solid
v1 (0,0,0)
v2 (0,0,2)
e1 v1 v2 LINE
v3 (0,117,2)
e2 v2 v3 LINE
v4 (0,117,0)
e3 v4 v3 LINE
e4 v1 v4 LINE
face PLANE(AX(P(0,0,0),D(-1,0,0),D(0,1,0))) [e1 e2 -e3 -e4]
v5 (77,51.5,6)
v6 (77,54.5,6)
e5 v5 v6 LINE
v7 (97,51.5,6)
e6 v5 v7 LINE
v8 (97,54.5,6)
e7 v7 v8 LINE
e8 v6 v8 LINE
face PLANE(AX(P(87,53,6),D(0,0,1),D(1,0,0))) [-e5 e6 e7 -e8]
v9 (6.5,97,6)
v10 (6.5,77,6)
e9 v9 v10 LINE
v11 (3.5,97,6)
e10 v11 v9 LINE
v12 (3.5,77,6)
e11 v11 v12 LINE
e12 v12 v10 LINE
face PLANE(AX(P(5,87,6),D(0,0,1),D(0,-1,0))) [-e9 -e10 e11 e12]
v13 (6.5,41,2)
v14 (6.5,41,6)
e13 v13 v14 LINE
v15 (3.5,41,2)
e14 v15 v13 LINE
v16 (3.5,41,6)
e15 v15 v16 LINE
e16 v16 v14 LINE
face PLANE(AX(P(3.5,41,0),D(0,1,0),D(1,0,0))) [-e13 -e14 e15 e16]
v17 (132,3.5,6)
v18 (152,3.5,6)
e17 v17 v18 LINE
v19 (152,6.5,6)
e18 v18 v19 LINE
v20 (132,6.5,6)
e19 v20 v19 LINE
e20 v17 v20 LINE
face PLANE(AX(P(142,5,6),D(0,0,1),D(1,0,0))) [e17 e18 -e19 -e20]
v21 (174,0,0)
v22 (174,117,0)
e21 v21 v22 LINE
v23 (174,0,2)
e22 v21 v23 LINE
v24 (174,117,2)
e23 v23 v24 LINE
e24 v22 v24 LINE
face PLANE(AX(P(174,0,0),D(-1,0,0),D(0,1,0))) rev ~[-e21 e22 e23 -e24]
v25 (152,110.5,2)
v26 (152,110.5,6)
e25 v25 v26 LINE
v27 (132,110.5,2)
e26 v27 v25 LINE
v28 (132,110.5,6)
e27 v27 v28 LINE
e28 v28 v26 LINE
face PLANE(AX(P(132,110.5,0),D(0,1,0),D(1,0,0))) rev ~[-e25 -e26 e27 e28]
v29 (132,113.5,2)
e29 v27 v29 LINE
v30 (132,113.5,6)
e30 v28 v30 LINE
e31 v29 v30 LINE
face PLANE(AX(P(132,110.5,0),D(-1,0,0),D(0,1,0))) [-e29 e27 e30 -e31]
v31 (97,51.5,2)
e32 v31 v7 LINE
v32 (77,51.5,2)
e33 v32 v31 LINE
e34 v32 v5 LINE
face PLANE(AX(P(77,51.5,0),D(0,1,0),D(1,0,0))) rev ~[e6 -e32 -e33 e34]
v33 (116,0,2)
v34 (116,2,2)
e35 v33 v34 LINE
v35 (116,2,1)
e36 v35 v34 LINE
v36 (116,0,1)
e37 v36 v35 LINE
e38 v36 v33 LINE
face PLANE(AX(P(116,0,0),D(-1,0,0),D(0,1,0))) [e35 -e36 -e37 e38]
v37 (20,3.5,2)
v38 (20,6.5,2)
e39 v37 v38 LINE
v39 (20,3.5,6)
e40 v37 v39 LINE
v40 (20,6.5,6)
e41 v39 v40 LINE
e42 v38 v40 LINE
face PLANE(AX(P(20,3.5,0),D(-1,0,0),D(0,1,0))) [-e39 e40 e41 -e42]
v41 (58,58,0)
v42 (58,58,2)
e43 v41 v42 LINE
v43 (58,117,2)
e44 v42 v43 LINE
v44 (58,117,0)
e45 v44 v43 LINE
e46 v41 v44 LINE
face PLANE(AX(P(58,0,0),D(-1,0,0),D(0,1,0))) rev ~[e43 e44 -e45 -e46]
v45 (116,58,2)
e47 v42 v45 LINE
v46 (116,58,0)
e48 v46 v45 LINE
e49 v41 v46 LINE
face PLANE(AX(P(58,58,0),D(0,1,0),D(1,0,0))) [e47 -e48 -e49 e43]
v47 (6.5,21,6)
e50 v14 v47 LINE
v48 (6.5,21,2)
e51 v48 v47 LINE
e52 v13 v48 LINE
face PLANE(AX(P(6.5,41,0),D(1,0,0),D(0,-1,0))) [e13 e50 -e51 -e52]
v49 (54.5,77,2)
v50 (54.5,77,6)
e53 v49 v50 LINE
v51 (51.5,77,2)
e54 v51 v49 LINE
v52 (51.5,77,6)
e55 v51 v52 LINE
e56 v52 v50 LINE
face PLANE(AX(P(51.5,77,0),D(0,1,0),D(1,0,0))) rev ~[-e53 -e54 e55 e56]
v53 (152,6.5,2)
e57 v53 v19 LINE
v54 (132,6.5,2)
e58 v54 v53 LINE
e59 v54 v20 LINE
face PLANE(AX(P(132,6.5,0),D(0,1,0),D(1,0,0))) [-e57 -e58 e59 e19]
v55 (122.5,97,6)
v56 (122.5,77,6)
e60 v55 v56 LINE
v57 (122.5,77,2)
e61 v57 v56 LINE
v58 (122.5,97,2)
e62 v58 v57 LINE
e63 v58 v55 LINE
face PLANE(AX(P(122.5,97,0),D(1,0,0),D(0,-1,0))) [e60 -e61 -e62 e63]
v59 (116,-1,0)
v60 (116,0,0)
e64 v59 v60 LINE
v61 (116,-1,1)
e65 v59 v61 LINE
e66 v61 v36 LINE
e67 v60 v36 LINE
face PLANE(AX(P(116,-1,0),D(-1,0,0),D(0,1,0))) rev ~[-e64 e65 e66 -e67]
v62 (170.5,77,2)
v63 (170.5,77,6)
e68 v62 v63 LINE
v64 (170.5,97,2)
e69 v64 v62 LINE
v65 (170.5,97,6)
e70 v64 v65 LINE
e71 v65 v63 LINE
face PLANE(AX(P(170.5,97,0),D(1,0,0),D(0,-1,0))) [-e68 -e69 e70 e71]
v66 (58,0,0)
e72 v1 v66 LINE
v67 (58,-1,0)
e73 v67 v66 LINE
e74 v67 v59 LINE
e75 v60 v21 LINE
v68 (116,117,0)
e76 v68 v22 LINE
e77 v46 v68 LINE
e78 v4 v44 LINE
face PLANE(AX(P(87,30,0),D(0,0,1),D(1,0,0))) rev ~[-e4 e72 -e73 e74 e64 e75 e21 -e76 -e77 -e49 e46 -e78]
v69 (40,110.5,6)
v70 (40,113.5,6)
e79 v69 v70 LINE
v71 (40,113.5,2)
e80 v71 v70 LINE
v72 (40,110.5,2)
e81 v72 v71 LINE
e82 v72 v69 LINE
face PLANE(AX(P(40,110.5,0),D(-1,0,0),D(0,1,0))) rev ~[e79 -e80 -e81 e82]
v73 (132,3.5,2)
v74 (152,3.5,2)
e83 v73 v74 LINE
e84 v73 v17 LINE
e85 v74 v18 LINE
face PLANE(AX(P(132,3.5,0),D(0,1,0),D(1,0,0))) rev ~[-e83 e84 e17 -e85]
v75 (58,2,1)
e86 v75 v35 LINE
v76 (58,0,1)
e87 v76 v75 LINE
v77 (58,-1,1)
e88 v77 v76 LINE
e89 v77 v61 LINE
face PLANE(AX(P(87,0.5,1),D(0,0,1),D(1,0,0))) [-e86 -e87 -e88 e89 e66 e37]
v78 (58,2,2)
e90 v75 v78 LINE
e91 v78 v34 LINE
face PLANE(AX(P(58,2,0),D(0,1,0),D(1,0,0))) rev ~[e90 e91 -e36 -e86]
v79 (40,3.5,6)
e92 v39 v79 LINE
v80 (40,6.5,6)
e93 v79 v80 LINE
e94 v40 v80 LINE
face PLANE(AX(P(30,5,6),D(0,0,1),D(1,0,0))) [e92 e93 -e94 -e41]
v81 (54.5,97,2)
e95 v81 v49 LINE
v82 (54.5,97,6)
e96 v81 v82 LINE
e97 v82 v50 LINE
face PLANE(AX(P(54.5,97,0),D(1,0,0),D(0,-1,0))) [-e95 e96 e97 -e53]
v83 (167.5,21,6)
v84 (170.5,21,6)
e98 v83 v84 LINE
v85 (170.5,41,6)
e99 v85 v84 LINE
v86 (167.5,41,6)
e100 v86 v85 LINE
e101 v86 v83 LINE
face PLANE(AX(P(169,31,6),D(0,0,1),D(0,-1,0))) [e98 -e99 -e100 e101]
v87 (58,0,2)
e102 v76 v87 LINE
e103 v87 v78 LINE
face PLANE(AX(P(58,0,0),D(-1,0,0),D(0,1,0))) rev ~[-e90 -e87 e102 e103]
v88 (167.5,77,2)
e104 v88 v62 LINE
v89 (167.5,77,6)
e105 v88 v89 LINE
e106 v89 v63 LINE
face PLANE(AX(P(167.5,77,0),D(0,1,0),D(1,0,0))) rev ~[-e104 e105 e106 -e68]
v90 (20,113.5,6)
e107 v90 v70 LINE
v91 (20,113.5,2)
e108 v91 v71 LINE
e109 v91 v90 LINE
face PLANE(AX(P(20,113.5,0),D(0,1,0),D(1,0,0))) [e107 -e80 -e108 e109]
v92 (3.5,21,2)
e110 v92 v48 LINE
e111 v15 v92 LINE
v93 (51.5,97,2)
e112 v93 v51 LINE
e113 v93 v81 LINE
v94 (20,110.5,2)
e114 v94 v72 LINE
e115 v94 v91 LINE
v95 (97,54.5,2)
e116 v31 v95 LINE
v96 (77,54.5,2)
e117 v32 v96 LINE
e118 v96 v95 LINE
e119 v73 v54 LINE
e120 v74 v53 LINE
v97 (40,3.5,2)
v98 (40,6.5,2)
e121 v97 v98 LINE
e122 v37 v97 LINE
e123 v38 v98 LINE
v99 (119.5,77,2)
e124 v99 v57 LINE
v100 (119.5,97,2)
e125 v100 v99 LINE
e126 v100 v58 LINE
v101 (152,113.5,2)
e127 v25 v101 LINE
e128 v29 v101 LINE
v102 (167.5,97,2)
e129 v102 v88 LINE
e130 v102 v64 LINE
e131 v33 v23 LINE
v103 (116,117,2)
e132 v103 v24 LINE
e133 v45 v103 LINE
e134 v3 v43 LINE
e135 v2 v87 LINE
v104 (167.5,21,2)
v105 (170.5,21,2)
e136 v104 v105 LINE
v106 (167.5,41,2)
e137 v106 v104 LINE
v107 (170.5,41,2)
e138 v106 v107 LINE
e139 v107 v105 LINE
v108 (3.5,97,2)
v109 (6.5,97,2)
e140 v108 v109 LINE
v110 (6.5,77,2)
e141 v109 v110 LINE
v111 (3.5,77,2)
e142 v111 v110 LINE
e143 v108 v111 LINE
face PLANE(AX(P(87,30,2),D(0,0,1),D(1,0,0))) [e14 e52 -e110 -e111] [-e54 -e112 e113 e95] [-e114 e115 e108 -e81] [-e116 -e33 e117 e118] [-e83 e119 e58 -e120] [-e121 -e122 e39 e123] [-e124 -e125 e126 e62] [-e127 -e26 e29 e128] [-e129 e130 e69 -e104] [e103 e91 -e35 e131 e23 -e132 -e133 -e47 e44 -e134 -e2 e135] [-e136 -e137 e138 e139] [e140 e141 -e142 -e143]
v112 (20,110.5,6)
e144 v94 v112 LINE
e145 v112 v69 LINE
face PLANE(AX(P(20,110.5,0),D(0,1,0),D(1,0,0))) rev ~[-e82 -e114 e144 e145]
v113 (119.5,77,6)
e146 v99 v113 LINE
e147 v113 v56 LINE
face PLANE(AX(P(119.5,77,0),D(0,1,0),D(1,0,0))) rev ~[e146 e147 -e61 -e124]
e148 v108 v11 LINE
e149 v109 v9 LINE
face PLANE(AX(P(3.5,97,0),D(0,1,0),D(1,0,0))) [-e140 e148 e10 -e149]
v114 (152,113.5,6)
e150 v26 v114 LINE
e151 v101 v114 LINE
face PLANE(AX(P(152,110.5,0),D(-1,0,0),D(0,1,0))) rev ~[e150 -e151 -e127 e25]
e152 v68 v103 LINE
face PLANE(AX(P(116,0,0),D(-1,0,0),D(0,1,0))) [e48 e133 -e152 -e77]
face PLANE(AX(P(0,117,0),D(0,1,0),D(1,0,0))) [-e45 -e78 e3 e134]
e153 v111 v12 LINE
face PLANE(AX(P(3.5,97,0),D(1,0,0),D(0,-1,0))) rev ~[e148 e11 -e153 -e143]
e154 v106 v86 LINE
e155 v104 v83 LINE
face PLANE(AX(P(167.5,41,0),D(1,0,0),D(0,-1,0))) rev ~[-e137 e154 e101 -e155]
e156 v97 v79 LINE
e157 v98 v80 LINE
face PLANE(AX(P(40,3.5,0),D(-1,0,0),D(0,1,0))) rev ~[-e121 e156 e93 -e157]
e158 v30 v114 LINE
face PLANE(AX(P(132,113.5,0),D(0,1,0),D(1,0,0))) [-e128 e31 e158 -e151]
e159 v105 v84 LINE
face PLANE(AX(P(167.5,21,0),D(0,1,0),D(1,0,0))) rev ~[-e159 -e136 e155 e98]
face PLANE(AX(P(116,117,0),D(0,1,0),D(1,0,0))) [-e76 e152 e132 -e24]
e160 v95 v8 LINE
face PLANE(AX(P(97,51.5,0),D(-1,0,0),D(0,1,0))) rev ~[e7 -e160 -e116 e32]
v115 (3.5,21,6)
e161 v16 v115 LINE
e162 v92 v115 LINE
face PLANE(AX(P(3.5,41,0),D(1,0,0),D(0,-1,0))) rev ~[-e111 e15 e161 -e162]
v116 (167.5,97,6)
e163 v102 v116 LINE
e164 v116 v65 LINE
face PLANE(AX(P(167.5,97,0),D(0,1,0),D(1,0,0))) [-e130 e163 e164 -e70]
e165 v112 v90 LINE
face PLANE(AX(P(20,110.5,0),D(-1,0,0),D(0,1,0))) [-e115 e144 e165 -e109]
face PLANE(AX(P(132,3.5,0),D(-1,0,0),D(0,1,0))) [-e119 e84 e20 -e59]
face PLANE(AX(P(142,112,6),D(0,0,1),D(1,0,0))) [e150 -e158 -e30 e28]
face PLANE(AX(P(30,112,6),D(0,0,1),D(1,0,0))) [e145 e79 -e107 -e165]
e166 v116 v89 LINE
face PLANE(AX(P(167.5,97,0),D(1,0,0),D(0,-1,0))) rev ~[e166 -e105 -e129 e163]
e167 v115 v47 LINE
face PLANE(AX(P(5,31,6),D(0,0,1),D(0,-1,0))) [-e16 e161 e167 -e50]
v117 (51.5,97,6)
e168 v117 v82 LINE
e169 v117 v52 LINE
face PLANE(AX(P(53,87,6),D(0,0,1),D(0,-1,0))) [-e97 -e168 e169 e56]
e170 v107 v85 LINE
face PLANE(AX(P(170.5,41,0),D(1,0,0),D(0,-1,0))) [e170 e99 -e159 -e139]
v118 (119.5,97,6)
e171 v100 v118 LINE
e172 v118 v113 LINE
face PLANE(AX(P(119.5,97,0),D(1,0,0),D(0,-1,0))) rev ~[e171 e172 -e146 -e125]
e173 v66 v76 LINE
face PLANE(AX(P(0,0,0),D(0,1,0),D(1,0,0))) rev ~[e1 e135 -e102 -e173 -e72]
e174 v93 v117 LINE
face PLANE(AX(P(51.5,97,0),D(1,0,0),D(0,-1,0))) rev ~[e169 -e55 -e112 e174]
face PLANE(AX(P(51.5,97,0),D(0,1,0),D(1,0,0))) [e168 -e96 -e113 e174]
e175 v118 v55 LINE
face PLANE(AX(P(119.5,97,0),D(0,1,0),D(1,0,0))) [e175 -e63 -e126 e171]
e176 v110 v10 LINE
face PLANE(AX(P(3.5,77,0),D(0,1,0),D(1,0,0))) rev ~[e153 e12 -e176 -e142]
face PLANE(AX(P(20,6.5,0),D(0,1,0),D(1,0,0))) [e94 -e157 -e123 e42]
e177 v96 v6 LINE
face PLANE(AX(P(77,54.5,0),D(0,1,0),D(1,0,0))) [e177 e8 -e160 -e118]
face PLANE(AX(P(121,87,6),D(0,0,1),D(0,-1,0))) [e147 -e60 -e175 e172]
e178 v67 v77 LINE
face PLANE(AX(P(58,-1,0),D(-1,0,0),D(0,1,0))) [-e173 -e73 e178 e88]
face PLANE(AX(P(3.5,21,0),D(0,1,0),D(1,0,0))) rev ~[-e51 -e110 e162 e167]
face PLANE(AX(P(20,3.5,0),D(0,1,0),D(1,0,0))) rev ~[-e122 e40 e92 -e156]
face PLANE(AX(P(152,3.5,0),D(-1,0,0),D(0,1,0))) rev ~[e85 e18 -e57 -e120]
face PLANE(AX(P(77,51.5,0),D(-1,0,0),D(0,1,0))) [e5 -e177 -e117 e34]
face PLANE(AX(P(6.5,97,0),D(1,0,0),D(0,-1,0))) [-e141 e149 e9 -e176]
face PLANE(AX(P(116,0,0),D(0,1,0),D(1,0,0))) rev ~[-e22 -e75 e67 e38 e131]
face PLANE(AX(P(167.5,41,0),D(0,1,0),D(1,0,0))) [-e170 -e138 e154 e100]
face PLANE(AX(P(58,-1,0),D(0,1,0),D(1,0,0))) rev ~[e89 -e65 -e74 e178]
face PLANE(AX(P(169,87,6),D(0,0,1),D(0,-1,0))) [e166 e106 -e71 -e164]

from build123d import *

# Parameters (mm, degrees)
BOX013_W     = 20
BOX013_H     = 3
BOX013_DEPTH = 6
BOX012_W     = 20
BOX012_H     = 3
BOX012_DEPTH = 6
BOX011_W     = 20
BOX011_H     = 3
BOX011_DEPTH = 6
BOX010_W     = 20
BOX010_H     = 3
BOX010_DEPTH = 6
BOX009_W     = 20
BOX009_H     = 3
BOX009_DEPTH = 6
BOX008_W     = 20
BOX008_H     = 3
BOX008_DEPTH = 6
BOX007_W     = 20
BOX007_H     = 3
BOX007_DEPTH = 6
BOX006_W     = 20
BOX006_H     = 3
BOX006_DEPTH = 6
BOX005_W     = 20
BOX005_H     = 3
BOX005_DEPTH = 6
BOX004_W     = 20
BOX004_H     = 3
BOX004_DEPTH = 6
BOX003_W     = 20
BOX003_H     = 3
BOX003_DEPTH = 6
BOX002_W     = 58
BOX002_H     = 117
BOX002_DEPTH = 2
BOX001_W     = 58
BOX001_H     = 117
BOX001_DEPTH = 2
BOX_W        = 58
BOX_H        = 56
BOX_DEPTH    = 2
BOX014_W     = 58
BOX014_H     = 3
BOX014_DEPTH = 1


with BuildPart() as cube013:
    # Box013 → Box013 (new body)
    with BuildSketch(Plane(origin=(77, 51.5, 0), x_dir=(1, 0, 0), z_dir=(0, 0, 1))):
        with Locations((10, 1.5)):
            Rectangle(BOX013_W, BOX013_H)
    extrude(amount=BOX013_DEPTH)


with BuildPart() as cube012:
    # Box012 → Box012 (new body)
    with BuildSketch(Plane(origin=(3.5, 41, 0), x_dir=(0, -1, 0), z_dir=(0, 0, 1))):
        with Locations((10, 1.5)):
            Rectangle(BOX012_W, BOX012_H)
    extrude(amount=BOX012_DEPTH)


with BuildPart() as cube011:
    # Box011 → Box011 (new body)
    with BuildSketch(Plane(origin=(3.5, 97, 0), x_dir=(0, -1, 0), z_dir=(0, 0, 1))):
        with Locations((10, 1.5)):
            Rectangle(BOX011_W, BOX011_H)
    extrude(amount=BOX011_DEPTH)


with BuildPart() as cube010:
    # Box010 → Box010 (new body)
    with BuildSketch(Plane(origin=(51.5, 97, 0), x_dir=(0, -1, 0), z_dir=(0, 0, 1))):
        with Locations((10, 1.5)):
            Rectangle(BOX010_W, BOX010_H)
    extrude(amount=BOX010_DEPTH)


with BuildPart() as cube009:
    # Box009 → Box009 (new body)
    with BuildSketch(Plane(origin=(167.5, 97, 0), x_dir=(0, -1, 0), z_dir=(0, 0, 1))):
        with Locations((10, 1.5)):
            Rectangle(BOX009_W, BOX009_H)
    extrude(amount=BOX009_DEPTH)


with BuildPart() as cube008:
    # Box008 → Box008 (new body)
    with BuildSketch(Plane(origin=(167.5, 41, 0), x_dir=(0, -1, 0), z_dir=(0, 0, 1))):
        with Locations((10, 1.5)):
            Rectangle(BOX008_W, BOX008_H)
    extrude(amount=BOX008_DEPTH)


with BuildPart() as cube007:
    # Box007 → Box007 (new body)
    with BuildSketch(Plane(origin=(119.5, 97, 0), x_dir=(0, -1, 0), z_dir=(0, 0, 1))):
        with Locations((10, 1.5)):
            Rectangle(BOX007_W, BOX007_H)
    extrude(amount=BOX007_DEPTH)


with BuildPart() as cube006:
    # Box006 → Box006 (new body)
    with BuildSketch(Plane(origin=(132, 110.5, 0), x_dir=(1, 0, 0), z_dir=(0, 0, 1))):
        with Locations((10, 1.5)):
            Rectangle(BOX006_W, BOX006_H)
    extrude(amount=BOX006_DEPTH)


with BuildPart() as cube005:
    # Box005 → Box005 (new body)
    with BuildSketch(Plane(origin=(132, 3.5, 0), x_dir=(1, 0, 0), z_dir=(0, 0, 1))):
        with Locations((10, 1.5)):
            Rectangle(BOX005_W, BOX005_H)
    extrude(amount=BOX005_DEPTH)


with BuildPart() as cube004:
    # Box004 → Box004 (new body)
    with BuildSketch(Plane(origin=(20, 3.5, 0), x_dir=(1, 0, 0), z_dir=(0, 0, 1))):
        with Locations((10, 1.5)):
            Rectangle(BOX004_W, BOX004_H)
    extrude(amount=BOX004_DEPTH)


with BuildPart() as cube003:
    # Box003 → Box003 (new body)
    with BuildSketch(Plane(origin=(20, 110.5, 0), x_dir=(1, 0, 0), z_dir=(0, 0, 1))):
        with Locations((10, 1.5)):
            Rectangle(BOX003_W, BOX003_H)
    extrude(amount=BOX003_DEPTH)


with BuildPart() as cube002:
    # Box002 → Box002 (new body)
    with BuildSketch(Plane(origin=(116, 0, 0), x_dir=(1, 0, 0), z_dir=(0, 0, 1))):
        with Locations((29, 58.5)):
            Rectangle(BOX002_W, BOX002_H)
    extrude(amount=BOX002_DEPTH)


with BuildPart() as cube001:
    # Box001 → Box001 (new body)
    with BuildSketch(Plane.XY):
        with Locations((29, 58.5)):
            Rectangle(BOX001_W, BOX001_H)
    extrude(amount=BOX001_DEPTH)


with BuildPart() as cube:
    # Box → Box (new body)
    with BuildSketch(Plane(origin=(58, 2, 0), x_dir=(1, 0, 0), z_dir=(0, 0, 1))):
        with Locations((29, 28)):
            Rectangle(BOX_W, BOX_H)
    extrude(amount=BOX_DEPTH)


with BuildPart() as fusion:
    # Box014 → Box014 (new body)
    with BuildSketch(Plane(origin=(58, -1, 0), x_dir=(1, 0, 0), z_dir=(0, 0, 1))):
        with Locations((29, 1.5)):
            Rectangle(BOX014_W, BOX014_H)
    extrude(amount=BOX014_DEPTH)

    # Fusion: union Cube013, Cube012, Cube011, Cube010, Cube009, Cube008, Cube007, Cube006, Cube005, Cube004, Cube003, Cube002, Cube001, Cube
    add(cube013.part)
    add(cube012.part)
    add(cube011.part)
    add(cube010.part)
    add(cube009.part)
    add(cube008.part)
    add(cube007.part)
    add(cube006.part)
    add(cube005.part)
    add(cube004.part)
    add(cube003.part)
    add(cube002.part)
    add(cube001.part)
    add(cube.part)


solid = fusion.part
